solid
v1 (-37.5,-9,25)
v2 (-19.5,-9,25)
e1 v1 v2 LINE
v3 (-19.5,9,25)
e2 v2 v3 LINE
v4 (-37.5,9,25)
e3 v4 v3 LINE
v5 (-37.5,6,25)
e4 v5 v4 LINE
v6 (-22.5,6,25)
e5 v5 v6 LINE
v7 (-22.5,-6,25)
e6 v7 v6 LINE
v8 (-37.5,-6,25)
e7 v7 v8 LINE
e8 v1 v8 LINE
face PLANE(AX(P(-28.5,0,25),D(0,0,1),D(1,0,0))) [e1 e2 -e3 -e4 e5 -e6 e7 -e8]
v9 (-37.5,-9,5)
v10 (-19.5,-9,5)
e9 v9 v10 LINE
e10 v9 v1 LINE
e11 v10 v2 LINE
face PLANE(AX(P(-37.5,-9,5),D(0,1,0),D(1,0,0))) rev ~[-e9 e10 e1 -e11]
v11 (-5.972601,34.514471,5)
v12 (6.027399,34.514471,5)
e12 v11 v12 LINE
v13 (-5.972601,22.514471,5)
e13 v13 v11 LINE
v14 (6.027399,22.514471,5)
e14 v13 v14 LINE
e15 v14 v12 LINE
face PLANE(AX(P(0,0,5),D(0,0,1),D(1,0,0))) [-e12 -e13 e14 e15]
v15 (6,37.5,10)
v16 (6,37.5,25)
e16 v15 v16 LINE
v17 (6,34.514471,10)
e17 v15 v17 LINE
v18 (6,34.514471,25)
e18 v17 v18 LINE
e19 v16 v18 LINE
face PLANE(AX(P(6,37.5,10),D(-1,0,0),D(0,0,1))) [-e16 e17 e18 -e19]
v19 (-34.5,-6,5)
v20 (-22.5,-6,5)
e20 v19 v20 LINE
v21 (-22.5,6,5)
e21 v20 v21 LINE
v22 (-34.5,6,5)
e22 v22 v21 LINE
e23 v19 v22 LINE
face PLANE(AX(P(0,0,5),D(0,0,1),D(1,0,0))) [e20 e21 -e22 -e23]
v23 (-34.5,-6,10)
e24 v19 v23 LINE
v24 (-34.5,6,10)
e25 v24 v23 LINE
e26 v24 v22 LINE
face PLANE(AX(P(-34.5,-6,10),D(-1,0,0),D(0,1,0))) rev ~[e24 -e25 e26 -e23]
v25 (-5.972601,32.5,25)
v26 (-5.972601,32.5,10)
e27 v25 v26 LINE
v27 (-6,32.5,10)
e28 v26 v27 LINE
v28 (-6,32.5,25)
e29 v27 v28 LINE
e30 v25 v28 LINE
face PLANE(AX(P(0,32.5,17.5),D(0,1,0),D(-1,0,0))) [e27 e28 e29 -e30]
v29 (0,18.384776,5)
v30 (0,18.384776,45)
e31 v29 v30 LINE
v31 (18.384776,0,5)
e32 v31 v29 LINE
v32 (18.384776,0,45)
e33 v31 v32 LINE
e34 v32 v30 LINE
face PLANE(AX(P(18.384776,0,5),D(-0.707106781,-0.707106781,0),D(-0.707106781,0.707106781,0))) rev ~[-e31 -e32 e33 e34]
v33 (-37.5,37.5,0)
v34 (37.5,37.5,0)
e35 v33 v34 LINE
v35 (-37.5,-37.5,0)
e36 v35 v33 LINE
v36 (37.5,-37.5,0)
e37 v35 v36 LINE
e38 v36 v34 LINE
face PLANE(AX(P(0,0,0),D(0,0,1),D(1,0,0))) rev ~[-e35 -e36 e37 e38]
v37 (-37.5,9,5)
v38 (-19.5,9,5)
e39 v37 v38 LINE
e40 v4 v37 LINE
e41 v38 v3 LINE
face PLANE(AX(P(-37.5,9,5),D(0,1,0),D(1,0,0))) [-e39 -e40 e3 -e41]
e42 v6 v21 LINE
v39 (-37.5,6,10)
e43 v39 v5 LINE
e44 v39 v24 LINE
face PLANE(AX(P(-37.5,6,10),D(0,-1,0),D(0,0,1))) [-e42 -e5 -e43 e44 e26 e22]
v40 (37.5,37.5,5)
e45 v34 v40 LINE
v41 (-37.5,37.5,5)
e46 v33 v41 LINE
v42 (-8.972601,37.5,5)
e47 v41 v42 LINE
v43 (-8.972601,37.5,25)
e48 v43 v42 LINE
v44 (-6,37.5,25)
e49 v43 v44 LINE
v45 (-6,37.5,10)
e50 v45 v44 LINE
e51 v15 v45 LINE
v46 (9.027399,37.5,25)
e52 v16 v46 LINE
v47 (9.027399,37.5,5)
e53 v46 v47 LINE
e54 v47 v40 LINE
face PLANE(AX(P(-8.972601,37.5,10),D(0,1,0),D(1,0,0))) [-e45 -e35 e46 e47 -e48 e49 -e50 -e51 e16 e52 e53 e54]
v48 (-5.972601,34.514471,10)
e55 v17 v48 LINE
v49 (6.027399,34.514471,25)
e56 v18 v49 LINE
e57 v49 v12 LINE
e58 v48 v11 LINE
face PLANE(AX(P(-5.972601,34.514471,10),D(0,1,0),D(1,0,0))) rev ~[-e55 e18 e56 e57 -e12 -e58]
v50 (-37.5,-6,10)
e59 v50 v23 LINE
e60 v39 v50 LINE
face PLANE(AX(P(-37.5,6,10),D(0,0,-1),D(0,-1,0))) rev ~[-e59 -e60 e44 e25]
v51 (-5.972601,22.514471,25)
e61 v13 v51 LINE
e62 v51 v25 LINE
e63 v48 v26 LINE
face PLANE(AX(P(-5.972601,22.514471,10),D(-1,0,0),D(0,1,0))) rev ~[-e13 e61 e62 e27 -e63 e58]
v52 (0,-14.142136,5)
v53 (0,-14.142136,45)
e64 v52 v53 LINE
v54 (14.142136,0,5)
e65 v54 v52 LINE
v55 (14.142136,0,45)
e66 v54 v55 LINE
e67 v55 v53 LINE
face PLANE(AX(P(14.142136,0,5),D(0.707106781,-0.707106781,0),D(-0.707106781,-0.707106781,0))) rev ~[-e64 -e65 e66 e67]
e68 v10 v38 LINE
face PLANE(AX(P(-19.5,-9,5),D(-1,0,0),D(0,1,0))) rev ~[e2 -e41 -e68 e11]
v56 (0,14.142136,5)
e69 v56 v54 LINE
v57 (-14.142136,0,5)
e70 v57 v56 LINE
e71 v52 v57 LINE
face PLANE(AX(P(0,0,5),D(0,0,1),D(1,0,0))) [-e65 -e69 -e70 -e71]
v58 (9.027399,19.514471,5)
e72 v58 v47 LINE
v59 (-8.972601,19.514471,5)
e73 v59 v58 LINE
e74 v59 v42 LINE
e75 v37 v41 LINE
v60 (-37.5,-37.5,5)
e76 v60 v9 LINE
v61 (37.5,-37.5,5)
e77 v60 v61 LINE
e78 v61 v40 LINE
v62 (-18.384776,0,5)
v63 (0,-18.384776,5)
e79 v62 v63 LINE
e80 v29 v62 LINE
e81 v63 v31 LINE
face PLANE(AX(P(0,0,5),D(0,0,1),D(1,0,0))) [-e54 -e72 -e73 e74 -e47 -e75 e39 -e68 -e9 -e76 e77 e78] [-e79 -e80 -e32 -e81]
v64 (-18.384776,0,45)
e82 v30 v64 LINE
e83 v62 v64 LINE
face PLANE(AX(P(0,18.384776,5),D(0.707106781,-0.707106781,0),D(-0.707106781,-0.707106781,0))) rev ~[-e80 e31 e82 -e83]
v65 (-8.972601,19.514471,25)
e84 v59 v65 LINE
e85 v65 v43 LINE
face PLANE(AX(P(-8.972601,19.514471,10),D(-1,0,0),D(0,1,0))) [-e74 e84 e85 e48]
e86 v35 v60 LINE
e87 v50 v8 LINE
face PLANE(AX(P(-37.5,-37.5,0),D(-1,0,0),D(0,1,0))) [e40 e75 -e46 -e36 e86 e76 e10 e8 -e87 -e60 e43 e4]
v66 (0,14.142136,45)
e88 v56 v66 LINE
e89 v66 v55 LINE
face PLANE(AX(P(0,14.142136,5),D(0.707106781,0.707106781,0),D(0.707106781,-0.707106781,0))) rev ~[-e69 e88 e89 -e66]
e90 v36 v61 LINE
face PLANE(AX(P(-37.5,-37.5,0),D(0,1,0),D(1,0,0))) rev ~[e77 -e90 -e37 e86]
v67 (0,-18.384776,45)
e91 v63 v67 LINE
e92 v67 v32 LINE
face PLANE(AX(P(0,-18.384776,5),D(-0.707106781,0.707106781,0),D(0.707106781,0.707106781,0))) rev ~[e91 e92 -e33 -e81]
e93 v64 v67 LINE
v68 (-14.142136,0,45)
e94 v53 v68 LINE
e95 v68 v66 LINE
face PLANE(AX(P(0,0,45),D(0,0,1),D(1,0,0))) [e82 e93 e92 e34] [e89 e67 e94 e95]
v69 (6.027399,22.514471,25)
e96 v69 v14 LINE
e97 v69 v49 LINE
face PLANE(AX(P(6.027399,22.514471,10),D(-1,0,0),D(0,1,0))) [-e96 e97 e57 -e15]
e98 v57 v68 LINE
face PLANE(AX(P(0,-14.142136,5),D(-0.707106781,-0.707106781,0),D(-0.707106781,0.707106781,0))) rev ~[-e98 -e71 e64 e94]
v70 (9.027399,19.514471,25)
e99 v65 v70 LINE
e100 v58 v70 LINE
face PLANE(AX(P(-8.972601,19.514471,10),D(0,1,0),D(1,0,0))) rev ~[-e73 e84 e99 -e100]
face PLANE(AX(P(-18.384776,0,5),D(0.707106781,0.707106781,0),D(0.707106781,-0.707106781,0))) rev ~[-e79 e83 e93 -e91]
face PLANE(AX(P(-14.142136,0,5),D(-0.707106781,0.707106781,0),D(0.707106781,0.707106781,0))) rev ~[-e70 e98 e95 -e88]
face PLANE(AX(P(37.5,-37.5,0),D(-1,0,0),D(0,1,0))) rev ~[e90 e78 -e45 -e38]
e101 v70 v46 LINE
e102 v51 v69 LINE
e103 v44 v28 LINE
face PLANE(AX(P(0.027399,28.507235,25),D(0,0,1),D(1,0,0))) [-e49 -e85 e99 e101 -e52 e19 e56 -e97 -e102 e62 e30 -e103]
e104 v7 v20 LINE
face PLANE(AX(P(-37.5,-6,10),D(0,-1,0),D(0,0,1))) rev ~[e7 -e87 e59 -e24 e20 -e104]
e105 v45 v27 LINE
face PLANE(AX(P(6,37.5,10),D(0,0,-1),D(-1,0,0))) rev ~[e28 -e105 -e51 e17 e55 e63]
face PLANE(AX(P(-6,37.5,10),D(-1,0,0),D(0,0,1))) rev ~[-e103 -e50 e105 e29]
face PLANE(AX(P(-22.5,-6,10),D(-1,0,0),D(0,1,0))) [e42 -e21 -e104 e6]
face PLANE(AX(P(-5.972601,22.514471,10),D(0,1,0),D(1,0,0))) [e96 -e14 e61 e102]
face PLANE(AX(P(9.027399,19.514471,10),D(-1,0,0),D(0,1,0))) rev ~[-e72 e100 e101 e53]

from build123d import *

# Parameters (mm, degrees)
F0_W      = 75
F0_H      = 75
F1_DEPTH  = 5
F3_DEPTH  = 40
F4_W      = 18
F4_H      = 17.9855290949
F4_W_2    = 12
F4_H_2    = 12
F4_H_3    = 18
F5_DEPTH  = 5
F6_DEPTH  = 15
F7_W      = 12
F7_H      = 15
F8_DEPTH  = 5
F9_W      = 12
F9_H      = 15
F10_DEPTH = 5


with BuildPart() as f1:
    # F0 (on Top) → F1 (new body)
    with BuildSketch(Plane.XY):
        Rectangle(F0_W, F0_H)
    extrude(amount=F1_DEPTH)

    # F2 (on face) → F3 (join)
    with BuildSketch(Plane.XY.offset(5)):
        Polygon((18.3847763109, 0), (0, 18.3847763109), (-18.3847763109, 0), (0, -18.3847763109), align=None)
        Polygon((-14.1421356237, 0), (0, 14.1421356237), (14.1421356237, 0), (0, -14.1421356237), align=None, mode=Mode.SUBTRACT)
    extrude(amount=F3_DEPTH)

    # F4 (on face) → F5 (join)
    with BuildSketch(Plane.XY.offset(5)):
        with Locations((0.0273990361, 28.5072354525)):
            Rectangle(F4_W, F4_H)
        with Locations((0.0273990361, 28.5144709051)):
            Rectangle(F4_W_2, F4_H_2, mode=Mode.SUBTRACT)
        with Locations((-28.5, 0)):
            Rectangle(F4_W, F4_H_3)
        with Locations((-28.5, 0)):
            Rectangle(F4_W_2, F4_H_2, mode=Mode.SUBTRACT)
    extrude(amount=F5_DEPTH)

    # F6 (add): faces of the model
    f6_faces = [f1.faces().sort_by_distance(p)[0] for p in [
        (8.772942899, 28.5072354525, 10),
        (-28.5, 8.7454415588, 10),
        (-28.5, 8.7454415588, 10),
    ]]
    extrude(f6_faces, amount=F6_DEPTH)

    # F7 (on face) → F8 (cut)
    with BuildSketch(Plane(origin=(-37.5, 0, 0), x_dir=(0, -1, 0), z_dir=(-1, 0, 0))):
        with Locations((0, 17.5)):
            Rectangle(F7_W, F7_H)
    extrude(amount=-F8_DEPTH, mode=Mode.SUBTRACT)

    # F9 (on face) → F10 (cut)
    with BuildSketch(Plane(origin=(0, 37.5, 0), x_dir=(-1, 0, 0), z_dir=(0, 1, 0))):
        with Locations((0, 17.5)):
            Rectangle(F9_W, F9_H)
    extrude(amount=-F10_DEPTH, mode=Mode.SUBTRACT)


solid = f1.part
